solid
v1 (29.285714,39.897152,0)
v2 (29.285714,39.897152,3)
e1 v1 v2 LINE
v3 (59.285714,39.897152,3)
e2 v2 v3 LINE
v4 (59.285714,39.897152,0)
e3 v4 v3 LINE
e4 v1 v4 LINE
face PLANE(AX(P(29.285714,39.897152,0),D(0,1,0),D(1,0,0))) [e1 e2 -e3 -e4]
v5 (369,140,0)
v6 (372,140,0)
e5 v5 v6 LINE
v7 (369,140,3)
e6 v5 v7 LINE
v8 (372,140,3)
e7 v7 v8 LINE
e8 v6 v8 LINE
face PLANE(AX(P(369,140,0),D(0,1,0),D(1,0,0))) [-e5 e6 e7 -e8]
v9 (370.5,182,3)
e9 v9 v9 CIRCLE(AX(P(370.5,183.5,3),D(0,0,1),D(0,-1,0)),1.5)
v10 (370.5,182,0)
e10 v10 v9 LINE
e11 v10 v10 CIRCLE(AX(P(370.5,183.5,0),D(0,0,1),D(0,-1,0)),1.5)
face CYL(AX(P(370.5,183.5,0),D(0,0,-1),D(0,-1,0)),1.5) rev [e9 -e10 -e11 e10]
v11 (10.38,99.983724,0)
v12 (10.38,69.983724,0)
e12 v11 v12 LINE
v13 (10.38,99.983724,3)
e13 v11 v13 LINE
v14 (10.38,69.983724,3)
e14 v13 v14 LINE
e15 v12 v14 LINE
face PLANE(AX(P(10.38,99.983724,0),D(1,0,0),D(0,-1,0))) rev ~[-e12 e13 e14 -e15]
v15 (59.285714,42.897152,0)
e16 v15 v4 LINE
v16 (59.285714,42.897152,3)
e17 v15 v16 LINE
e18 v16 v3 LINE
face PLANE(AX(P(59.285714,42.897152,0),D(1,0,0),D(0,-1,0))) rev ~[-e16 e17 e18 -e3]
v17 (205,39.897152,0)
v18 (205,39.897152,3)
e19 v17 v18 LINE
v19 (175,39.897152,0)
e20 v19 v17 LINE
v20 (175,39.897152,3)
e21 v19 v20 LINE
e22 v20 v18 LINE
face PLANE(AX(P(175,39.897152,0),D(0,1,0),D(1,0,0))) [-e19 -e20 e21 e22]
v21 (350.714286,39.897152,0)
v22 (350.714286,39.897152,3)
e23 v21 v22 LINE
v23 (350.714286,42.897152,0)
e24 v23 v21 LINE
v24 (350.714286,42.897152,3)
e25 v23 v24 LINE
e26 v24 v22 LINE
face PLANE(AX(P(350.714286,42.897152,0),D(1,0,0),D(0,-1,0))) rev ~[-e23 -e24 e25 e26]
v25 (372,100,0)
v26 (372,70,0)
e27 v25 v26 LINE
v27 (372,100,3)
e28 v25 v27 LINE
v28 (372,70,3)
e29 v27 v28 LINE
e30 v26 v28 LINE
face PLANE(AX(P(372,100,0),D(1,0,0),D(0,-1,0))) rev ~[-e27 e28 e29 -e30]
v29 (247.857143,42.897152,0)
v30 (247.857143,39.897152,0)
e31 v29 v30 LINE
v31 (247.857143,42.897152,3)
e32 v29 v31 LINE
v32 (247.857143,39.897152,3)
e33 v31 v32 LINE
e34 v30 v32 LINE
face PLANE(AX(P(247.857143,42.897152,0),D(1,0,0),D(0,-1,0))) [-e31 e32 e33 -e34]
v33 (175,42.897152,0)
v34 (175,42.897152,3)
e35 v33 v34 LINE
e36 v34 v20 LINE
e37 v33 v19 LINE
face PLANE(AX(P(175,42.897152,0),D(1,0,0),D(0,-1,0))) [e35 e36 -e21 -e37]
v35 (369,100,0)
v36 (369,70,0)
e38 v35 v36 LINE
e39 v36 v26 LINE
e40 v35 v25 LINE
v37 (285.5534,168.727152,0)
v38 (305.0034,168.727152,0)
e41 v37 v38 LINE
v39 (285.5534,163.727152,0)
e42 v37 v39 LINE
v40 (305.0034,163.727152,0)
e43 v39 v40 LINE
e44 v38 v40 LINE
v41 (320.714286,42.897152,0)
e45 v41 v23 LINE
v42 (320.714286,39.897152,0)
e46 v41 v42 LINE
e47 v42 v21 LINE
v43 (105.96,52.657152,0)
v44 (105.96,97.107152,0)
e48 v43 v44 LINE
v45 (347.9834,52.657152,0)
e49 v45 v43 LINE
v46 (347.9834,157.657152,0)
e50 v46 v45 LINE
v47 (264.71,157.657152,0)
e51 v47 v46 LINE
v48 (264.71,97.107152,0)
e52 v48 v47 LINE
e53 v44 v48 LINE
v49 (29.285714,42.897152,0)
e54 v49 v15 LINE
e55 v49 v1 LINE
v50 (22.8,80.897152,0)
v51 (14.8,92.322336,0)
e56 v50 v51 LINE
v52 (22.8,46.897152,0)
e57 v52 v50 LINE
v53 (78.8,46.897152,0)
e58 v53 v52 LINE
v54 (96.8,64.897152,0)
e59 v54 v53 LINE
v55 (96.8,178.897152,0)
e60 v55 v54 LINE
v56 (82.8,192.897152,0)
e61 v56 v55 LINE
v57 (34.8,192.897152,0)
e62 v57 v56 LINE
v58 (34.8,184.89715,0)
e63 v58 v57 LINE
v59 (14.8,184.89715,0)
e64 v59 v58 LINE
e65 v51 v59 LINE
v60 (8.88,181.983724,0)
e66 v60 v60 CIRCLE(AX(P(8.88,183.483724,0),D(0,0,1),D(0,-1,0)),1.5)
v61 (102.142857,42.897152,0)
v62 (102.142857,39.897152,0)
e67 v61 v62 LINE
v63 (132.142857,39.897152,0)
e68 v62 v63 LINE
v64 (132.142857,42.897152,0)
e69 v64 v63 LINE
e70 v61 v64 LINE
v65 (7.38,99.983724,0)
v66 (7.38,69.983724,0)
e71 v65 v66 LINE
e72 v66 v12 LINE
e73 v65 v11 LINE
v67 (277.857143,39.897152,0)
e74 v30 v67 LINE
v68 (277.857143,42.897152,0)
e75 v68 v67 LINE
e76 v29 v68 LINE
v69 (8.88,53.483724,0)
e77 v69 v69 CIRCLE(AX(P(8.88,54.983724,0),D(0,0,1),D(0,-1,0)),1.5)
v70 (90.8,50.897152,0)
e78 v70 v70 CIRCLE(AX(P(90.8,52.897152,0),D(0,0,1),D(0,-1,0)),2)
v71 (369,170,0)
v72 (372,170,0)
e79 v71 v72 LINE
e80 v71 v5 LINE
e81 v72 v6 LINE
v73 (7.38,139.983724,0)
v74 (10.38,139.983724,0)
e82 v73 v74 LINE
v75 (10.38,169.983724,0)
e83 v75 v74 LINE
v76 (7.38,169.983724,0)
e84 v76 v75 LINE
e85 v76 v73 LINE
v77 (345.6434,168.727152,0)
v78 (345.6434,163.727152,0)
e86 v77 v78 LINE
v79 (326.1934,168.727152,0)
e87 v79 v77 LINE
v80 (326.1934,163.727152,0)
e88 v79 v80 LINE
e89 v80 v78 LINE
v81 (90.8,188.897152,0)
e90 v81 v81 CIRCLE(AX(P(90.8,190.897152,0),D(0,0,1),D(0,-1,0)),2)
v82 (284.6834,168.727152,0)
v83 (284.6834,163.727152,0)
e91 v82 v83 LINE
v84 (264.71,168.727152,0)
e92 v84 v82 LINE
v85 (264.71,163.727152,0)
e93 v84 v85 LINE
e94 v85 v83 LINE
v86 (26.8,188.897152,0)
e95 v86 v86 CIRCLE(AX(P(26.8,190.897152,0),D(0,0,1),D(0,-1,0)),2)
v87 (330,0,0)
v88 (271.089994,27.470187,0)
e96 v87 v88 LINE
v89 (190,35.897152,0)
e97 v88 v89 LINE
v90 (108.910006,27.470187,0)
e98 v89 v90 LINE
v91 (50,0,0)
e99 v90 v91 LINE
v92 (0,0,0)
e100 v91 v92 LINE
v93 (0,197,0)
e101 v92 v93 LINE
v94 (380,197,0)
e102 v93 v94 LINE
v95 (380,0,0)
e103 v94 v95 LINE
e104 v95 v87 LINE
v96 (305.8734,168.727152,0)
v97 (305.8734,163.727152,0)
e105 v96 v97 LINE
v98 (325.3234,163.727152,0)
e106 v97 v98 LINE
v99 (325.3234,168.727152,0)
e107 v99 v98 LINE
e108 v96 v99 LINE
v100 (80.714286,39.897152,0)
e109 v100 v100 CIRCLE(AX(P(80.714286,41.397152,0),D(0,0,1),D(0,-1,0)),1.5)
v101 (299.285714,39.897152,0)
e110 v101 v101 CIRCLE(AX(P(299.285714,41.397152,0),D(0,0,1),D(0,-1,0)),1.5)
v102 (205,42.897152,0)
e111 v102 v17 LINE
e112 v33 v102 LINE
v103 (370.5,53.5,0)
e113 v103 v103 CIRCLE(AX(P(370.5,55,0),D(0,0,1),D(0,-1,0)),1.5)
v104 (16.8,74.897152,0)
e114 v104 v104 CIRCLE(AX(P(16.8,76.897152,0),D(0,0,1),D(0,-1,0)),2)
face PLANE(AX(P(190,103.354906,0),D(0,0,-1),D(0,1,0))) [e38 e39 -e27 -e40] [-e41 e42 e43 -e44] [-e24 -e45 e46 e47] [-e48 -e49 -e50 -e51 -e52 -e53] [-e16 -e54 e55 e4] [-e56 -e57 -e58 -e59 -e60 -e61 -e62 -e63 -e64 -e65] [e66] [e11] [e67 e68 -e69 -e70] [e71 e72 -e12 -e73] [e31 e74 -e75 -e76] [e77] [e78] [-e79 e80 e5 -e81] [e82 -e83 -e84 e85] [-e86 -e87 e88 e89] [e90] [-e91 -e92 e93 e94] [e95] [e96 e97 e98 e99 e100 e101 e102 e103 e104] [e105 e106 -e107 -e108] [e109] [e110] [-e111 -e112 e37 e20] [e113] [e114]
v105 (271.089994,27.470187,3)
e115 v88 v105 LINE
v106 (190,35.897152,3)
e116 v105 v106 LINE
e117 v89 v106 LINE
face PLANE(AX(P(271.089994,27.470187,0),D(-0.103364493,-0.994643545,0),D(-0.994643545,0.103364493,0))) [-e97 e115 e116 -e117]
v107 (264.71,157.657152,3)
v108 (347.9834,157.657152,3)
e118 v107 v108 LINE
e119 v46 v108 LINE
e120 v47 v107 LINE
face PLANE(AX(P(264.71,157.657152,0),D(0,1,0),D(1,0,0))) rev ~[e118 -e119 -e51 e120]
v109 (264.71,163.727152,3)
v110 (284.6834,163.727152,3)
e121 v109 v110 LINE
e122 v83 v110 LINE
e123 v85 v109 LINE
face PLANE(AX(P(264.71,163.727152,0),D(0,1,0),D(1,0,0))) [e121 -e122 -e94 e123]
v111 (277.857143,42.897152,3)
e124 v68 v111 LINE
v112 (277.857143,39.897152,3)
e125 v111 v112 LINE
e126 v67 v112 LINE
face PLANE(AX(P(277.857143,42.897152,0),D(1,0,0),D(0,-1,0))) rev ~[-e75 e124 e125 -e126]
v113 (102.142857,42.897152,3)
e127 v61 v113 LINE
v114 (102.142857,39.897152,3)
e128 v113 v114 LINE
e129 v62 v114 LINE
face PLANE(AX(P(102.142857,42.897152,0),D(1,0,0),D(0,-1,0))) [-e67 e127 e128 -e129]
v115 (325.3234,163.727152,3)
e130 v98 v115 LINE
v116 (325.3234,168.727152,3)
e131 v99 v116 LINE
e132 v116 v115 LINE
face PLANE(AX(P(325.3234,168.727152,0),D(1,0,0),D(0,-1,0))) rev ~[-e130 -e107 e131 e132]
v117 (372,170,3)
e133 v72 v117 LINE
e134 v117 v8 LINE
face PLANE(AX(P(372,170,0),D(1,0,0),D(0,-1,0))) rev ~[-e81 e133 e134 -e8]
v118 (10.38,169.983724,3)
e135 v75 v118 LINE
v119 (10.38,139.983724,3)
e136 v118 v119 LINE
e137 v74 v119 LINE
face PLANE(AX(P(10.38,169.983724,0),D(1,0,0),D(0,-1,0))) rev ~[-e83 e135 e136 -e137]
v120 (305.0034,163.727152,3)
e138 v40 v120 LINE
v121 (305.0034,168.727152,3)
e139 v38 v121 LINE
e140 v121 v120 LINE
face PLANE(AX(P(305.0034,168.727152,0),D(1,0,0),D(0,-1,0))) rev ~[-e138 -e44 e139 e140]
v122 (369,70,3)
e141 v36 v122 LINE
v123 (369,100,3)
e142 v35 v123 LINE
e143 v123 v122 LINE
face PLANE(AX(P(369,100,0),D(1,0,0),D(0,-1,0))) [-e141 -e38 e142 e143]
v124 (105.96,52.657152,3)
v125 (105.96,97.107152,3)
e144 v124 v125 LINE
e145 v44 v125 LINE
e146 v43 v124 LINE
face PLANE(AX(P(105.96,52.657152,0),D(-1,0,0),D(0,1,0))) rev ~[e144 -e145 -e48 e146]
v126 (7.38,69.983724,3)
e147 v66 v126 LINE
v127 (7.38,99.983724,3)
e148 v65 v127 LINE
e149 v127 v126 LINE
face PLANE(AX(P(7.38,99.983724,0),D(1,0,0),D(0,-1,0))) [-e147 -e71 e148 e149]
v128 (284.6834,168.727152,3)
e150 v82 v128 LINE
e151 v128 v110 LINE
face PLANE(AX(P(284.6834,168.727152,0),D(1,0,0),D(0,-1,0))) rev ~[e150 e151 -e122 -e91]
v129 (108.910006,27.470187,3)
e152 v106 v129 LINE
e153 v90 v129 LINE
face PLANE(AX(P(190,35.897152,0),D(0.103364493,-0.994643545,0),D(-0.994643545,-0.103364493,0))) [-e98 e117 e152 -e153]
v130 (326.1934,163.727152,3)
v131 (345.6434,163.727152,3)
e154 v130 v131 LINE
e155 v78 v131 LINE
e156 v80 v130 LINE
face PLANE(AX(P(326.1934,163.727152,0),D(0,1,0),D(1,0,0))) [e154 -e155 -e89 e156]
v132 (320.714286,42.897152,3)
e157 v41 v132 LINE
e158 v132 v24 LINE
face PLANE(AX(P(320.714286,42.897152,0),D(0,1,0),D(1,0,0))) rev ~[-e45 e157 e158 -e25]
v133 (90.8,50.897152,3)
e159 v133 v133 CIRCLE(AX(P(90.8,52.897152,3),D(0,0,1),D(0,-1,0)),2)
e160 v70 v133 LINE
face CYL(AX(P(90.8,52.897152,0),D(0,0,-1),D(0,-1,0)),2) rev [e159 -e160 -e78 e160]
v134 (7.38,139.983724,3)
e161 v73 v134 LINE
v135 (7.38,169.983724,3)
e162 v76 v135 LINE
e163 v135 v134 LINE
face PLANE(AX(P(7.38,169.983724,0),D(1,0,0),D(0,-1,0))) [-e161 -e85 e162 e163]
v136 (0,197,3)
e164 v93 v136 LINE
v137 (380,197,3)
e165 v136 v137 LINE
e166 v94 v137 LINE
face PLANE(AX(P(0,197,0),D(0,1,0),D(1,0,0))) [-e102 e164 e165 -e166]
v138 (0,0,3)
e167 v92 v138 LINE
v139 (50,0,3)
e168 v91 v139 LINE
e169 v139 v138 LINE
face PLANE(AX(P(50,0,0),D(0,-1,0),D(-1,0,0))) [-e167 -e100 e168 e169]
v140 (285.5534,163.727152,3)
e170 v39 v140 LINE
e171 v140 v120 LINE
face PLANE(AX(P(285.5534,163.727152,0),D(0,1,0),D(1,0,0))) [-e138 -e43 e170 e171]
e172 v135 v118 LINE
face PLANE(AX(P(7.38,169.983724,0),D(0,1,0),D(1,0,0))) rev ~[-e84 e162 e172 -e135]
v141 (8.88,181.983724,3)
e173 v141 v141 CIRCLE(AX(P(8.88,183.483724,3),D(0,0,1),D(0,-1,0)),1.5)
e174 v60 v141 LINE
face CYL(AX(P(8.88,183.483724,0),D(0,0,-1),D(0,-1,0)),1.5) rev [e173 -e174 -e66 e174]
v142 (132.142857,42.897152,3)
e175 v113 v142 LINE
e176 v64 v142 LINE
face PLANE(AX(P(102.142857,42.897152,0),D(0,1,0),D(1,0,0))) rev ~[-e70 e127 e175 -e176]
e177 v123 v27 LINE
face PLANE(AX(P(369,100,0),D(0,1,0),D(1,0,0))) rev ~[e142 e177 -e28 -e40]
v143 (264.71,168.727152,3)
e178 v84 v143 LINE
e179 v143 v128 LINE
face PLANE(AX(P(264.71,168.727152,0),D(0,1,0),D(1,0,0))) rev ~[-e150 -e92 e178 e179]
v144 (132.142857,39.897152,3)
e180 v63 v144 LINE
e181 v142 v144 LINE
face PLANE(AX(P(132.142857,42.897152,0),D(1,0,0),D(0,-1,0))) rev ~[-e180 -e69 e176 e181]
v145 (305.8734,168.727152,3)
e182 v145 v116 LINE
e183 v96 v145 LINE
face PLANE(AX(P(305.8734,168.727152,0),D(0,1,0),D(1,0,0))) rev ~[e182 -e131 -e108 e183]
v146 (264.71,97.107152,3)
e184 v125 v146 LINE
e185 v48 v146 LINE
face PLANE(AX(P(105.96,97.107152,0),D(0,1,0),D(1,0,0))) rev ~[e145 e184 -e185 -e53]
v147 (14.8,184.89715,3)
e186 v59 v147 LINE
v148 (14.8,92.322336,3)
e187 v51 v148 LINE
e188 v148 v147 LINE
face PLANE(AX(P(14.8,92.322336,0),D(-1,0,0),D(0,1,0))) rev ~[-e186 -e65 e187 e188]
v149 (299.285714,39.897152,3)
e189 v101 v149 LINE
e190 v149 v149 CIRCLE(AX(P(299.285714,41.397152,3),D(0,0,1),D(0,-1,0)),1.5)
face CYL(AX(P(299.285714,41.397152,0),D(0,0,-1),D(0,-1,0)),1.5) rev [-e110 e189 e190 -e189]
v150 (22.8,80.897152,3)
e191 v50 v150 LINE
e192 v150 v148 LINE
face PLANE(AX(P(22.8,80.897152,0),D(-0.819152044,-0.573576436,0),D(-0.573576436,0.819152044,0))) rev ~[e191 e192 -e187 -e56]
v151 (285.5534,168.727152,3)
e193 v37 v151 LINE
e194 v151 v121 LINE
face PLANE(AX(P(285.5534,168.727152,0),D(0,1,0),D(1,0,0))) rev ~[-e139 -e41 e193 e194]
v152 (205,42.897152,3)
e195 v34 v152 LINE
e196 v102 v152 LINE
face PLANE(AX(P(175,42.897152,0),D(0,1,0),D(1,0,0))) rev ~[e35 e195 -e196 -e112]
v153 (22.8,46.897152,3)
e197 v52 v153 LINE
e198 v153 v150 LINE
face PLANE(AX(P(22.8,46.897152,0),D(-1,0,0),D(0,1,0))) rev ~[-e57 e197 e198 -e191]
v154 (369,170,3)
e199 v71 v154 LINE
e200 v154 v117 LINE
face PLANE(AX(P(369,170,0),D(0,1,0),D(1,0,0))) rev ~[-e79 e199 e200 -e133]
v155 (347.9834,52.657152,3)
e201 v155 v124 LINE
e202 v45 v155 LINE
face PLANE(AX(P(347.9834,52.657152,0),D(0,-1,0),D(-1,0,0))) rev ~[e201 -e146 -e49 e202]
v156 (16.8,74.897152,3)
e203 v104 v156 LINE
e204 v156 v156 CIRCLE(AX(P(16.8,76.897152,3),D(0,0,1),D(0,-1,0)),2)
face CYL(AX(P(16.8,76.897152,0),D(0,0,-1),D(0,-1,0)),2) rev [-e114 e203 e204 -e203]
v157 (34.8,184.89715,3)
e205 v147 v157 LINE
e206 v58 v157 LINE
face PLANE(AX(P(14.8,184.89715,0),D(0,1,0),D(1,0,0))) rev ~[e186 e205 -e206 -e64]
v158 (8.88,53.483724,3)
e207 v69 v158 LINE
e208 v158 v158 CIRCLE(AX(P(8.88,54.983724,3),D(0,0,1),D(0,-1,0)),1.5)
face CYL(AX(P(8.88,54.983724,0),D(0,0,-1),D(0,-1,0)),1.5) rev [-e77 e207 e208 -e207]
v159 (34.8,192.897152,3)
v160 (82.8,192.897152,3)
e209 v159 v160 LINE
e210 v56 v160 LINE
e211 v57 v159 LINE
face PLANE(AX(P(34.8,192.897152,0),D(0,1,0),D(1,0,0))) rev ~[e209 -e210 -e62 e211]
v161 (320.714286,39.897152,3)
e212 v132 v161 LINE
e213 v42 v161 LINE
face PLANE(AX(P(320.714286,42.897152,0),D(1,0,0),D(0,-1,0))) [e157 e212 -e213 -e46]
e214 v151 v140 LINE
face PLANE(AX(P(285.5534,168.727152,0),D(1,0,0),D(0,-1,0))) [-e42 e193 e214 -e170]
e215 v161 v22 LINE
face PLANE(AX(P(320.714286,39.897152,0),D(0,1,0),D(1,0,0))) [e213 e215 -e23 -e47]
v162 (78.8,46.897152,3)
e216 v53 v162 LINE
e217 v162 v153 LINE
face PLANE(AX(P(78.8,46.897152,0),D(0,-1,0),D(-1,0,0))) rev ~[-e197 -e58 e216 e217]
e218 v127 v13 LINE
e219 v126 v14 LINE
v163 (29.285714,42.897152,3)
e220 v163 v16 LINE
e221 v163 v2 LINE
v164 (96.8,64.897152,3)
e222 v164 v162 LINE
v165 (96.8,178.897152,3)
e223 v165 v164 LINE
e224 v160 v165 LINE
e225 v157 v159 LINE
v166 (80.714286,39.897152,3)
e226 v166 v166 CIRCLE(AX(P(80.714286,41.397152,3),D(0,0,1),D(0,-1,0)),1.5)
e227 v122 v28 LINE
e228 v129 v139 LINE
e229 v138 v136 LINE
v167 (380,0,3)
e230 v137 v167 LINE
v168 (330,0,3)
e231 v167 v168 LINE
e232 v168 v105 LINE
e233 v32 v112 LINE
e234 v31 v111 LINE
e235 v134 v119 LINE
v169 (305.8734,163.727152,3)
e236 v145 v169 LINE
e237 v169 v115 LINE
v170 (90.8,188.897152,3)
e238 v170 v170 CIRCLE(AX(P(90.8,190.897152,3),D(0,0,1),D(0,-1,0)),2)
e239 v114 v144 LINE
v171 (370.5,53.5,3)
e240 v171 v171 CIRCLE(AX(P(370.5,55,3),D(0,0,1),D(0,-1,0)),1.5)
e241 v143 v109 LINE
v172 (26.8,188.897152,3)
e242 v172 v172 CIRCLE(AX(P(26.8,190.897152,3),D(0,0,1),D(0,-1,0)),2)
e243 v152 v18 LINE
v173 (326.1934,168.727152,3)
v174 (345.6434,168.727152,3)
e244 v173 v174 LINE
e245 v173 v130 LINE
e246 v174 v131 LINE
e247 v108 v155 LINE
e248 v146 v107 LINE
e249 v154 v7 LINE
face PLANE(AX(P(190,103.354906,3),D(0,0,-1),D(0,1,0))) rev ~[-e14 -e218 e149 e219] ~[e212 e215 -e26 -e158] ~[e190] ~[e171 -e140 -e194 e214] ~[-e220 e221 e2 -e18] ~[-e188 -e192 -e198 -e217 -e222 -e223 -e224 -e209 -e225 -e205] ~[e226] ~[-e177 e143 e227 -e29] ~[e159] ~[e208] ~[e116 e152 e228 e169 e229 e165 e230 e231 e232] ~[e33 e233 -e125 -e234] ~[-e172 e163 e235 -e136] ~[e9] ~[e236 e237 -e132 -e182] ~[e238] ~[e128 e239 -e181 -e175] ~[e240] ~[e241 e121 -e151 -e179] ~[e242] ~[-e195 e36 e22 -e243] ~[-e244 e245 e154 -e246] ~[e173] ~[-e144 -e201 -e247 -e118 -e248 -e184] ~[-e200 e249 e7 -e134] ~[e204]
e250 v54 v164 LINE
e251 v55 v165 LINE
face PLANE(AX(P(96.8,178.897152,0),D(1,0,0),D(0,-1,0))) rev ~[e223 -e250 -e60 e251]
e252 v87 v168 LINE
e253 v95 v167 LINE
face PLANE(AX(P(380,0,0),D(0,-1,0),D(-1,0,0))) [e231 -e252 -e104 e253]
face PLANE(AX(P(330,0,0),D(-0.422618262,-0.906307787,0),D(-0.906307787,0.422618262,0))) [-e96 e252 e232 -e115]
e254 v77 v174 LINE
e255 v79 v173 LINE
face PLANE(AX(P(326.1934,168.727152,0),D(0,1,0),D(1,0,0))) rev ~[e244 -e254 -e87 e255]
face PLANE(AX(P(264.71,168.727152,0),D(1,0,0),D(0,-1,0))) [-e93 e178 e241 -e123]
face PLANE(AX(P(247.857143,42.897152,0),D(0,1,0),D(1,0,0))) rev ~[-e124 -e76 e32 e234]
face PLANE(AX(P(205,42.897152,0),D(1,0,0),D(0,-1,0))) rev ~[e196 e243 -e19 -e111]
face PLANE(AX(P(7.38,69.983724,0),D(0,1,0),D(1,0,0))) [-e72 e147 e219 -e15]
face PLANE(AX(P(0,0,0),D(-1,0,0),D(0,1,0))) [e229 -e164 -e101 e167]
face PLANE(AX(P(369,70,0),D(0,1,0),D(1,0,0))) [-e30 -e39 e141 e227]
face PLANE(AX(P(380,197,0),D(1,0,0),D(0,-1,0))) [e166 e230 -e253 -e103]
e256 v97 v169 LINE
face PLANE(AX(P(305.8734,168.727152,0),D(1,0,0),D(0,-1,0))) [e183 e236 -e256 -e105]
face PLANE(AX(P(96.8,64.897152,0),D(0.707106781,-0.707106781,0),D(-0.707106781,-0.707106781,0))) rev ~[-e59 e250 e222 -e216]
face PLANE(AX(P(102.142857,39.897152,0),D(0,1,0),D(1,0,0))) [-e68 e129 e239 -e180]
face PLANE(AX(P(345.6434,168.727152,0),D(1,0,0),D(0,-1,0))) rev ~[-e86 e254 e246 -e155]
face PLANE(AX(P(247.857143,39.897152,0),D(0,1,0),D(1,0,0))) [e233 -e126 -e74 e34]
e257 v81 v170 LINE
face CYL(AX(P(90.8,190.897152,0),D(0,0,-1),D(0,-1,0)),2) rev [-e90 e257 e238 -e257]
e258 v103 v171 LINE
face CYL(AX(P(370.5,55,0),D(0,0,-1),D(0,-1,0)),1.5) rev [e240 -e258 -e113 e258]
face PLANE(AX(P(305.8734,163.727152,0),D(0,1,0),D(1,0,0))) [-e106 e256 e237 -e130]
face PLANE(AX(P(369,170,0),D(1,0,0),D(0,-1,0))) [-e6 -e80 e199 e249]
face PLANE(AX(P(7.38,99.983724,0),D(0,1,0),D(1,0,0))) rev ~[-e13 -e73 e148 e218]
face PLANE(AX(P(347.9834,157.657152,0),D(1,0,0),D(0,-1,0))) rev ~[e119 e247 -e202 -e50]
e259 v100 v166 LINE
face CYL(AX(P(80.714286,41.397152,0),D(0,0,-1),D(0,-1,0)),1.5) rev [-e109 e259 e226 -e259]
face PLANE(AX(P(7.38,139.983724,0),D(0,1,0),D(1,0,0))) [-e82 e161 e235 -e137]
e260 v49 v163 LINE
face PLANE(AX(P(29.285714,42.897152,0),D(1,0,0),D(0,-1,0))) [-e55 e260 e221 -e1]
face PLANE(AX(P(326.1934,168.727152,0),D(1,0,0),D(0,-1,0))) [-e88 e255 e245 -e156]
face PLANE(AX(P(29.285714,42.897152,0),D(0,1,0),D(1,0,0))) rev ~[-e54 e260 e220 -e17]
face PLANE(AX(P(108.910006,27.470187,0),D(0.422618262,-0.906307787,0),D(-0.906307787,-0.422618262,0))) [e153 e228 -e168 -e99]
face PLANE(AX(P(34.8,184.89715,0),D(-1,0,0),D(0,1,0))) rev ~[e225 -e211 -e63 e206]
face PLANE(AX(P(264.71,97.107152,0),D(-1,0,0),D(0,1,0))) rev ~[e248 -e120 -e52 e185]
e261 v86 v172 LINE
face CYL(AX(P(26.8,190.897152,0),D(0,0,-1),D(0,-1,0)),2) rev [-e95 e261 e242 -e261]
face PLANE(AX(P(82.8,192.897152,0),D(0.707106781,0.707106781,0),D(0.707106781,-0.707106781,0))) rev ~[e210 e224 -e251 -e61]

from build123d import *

# Parameters (mm, degrees)
SKETCH1_R           = 2
SKETCH1_R_2         = 1.5
SKETCH1_W           = 30
SKETCH1_H           = 3
SKETCH1_W_2         = 3
SKETCH1_H_2         = 30
SKETCH1_W_3         = 5
SKETCH1_H_3         = 19.9734
SKETCH1_H_4         = 19.45
BOSS_EXTRUDE1_DEPTH = 3


with BuildPart() as part:
    # Sketch1 → Boss-Extrude1 (new body)
    with BuildSketch(Plane(origin=(-12.611770594, -16.696126479, 0), x_dir=(0, -1, 0), z_dir=(0, 0, 1))):
        Polygon((-213.696126479, 12.611770594), (-213.696126479, 392.611770594), (-16.696126479, 392.611770594), (-16.696126479, 342.611770594), (-44.166313492, 283.701764437), (-52.593278212, 202.611770594), (-44.166313492, 121.521776752), (-16.696126479, 62.611770594), (-16.696126479, 12.611770594), align=None)
        with Locations((-207.593278212, 103.411770594)):
            Circle(SKETCH1_R, mode=Mode.SUBTRACT)
        with Locations((-69.593278212, 103.411770594)):
            Circle(SKETCH1_R, mode=Mode.SUBTRACT)
        with Locations((-93.593278212, 29.411770594)):
            Circle(SKETCH1_R, mode=Mode.SUBTRACT)
        with Locations((-207.593278212, 39.411770594)):
            Circle(SKETCH1_R, mode=Mode.SUBTRACT)
        with Locations((-200.179850585, 21.491770594)):
            Circle(SKETCH1_R_2, mode=Mode.SUBTRACT)
        with Locations((-58.093278212, 311.89748488)):
            Circle(SKETCH1_R_2, mode=Mode.SUBTRACT)
        with Locations((-200.196126479, 383.111770594)):
            Circle(SKETCH1_R_2, mode=Mode.SUBTRACT)
        with Locations((-71.696126479, 383.111770594)):
            Circle(SKETCH1_R_2, mode=Mode.SUBTRACT)
        with Locations((-58.093278212, 93.326056309)):
            Circle(SKETCH1_R_2, mode=Mode.SUBTRACT)
        with Locations((-71.679850585, 21.491770594)):
            Circle(SKETCH1_R_2, mode=Mode.SUBTRACT)
        Polygon((-209.593278212, 95.411770594), (-195.593278212, 109.411770594), (-81.593278212, 109.411770594), (-63.593278212, 91.411770594), (-63.593278212, 35.411770594), (-97.593278212, 35.411770594), (-109.018462266, 27.411770594), (-201.593276784, 27.411770594), (-201.593276784, 47.411770594), (-209.593278212, 47.411770594), align=None, mode=Mode.SUBTRACT)
        with Locations((-171.679850585, 21.491770594)):
            Rectangle(SKETCH1_W, SKETCH1_H, mode=Mode.SUBTRACT)
        with Locations((-101.679850585, 21.491770594)):
            Rectangle(SKETCH1_W, SKETCH1_H, mode=Mode.SUBTRACT)
        with Locations((-58.093278212, 56.89748488)):
            Rectangle(SKETCH1_W_2, SKETCH1_H_2, mode=Mode.SUBTRACT)
        with Locations((-58.093278212, 129.754627737)):
            Rectangle(SKETCH1_W_2, SKETCH1_H_2, mode=Mode.SUBTRACT)
        with Locations((-58.093278212, 202.611770594)):
            Rectangle(SKETCH1_W_2, SKETCH1_H_2, mode=Mode.SUBTRACT)
        with Locations((-58.093278212, 275.468913452)):
            Rectangle(SKETCH1_W_2, SKETCH1_H_2, mode=Mode.SUBTRACT)
        with Locations((-58.093278212, 348.326056309)):
            Rectangle(SKETCH1_W_2, SKETCH1_H_2, mode=Mode.SUBTRACT)
        with Locations((-101.696126479, 383.111770594)):
            Rectangle(SKETCH1_W, SKETCH1_H, mode=Mode.SUBTRACT)
        with Locations((-171.696126479, 383.111770594)):
            Rectangle(SKETCH1_W, SKETCH1_H, mode=Mode.SUBTRACT)
        Polygon((-69.353278212, 118.571770594), (-113.803278212, 118.571770594), (-113.803278212, 277.321770594), (-174.353278212, 277.321770594), (-174.353278212, 360.595170594), (-69.353278212, 360.595170594), align=None, mode=Mode.SUBTRACT)
        with Locations((-182.923278212, 287.308470594)):
            Rectangle(SKETCH1_W_3, SKETCH1_H_3, mode=Mode.SUBTRACT)
        with Locations((-182.923278212, 307.890170594)):
            Rectangle(SKETCH1_W_3, SKETCH1_H_4, mode=Mode.SUBTRACT)
        with Locations((-182.923278212, 328.210170594)):
            Rectangle(SKETCH1_W_3, SKETCH1_H_4, mode=Mode.SUBTRACT)
        with Locations((-182.923278212, 348.530170594)):
            Rectangle(SKETCH1_W_3, SKETCH1_H_4, mode=Mode.SUBTRACT)
    extrude(amount=BOSS_EXTRUDE1_DEPTH)


solid = part.part
